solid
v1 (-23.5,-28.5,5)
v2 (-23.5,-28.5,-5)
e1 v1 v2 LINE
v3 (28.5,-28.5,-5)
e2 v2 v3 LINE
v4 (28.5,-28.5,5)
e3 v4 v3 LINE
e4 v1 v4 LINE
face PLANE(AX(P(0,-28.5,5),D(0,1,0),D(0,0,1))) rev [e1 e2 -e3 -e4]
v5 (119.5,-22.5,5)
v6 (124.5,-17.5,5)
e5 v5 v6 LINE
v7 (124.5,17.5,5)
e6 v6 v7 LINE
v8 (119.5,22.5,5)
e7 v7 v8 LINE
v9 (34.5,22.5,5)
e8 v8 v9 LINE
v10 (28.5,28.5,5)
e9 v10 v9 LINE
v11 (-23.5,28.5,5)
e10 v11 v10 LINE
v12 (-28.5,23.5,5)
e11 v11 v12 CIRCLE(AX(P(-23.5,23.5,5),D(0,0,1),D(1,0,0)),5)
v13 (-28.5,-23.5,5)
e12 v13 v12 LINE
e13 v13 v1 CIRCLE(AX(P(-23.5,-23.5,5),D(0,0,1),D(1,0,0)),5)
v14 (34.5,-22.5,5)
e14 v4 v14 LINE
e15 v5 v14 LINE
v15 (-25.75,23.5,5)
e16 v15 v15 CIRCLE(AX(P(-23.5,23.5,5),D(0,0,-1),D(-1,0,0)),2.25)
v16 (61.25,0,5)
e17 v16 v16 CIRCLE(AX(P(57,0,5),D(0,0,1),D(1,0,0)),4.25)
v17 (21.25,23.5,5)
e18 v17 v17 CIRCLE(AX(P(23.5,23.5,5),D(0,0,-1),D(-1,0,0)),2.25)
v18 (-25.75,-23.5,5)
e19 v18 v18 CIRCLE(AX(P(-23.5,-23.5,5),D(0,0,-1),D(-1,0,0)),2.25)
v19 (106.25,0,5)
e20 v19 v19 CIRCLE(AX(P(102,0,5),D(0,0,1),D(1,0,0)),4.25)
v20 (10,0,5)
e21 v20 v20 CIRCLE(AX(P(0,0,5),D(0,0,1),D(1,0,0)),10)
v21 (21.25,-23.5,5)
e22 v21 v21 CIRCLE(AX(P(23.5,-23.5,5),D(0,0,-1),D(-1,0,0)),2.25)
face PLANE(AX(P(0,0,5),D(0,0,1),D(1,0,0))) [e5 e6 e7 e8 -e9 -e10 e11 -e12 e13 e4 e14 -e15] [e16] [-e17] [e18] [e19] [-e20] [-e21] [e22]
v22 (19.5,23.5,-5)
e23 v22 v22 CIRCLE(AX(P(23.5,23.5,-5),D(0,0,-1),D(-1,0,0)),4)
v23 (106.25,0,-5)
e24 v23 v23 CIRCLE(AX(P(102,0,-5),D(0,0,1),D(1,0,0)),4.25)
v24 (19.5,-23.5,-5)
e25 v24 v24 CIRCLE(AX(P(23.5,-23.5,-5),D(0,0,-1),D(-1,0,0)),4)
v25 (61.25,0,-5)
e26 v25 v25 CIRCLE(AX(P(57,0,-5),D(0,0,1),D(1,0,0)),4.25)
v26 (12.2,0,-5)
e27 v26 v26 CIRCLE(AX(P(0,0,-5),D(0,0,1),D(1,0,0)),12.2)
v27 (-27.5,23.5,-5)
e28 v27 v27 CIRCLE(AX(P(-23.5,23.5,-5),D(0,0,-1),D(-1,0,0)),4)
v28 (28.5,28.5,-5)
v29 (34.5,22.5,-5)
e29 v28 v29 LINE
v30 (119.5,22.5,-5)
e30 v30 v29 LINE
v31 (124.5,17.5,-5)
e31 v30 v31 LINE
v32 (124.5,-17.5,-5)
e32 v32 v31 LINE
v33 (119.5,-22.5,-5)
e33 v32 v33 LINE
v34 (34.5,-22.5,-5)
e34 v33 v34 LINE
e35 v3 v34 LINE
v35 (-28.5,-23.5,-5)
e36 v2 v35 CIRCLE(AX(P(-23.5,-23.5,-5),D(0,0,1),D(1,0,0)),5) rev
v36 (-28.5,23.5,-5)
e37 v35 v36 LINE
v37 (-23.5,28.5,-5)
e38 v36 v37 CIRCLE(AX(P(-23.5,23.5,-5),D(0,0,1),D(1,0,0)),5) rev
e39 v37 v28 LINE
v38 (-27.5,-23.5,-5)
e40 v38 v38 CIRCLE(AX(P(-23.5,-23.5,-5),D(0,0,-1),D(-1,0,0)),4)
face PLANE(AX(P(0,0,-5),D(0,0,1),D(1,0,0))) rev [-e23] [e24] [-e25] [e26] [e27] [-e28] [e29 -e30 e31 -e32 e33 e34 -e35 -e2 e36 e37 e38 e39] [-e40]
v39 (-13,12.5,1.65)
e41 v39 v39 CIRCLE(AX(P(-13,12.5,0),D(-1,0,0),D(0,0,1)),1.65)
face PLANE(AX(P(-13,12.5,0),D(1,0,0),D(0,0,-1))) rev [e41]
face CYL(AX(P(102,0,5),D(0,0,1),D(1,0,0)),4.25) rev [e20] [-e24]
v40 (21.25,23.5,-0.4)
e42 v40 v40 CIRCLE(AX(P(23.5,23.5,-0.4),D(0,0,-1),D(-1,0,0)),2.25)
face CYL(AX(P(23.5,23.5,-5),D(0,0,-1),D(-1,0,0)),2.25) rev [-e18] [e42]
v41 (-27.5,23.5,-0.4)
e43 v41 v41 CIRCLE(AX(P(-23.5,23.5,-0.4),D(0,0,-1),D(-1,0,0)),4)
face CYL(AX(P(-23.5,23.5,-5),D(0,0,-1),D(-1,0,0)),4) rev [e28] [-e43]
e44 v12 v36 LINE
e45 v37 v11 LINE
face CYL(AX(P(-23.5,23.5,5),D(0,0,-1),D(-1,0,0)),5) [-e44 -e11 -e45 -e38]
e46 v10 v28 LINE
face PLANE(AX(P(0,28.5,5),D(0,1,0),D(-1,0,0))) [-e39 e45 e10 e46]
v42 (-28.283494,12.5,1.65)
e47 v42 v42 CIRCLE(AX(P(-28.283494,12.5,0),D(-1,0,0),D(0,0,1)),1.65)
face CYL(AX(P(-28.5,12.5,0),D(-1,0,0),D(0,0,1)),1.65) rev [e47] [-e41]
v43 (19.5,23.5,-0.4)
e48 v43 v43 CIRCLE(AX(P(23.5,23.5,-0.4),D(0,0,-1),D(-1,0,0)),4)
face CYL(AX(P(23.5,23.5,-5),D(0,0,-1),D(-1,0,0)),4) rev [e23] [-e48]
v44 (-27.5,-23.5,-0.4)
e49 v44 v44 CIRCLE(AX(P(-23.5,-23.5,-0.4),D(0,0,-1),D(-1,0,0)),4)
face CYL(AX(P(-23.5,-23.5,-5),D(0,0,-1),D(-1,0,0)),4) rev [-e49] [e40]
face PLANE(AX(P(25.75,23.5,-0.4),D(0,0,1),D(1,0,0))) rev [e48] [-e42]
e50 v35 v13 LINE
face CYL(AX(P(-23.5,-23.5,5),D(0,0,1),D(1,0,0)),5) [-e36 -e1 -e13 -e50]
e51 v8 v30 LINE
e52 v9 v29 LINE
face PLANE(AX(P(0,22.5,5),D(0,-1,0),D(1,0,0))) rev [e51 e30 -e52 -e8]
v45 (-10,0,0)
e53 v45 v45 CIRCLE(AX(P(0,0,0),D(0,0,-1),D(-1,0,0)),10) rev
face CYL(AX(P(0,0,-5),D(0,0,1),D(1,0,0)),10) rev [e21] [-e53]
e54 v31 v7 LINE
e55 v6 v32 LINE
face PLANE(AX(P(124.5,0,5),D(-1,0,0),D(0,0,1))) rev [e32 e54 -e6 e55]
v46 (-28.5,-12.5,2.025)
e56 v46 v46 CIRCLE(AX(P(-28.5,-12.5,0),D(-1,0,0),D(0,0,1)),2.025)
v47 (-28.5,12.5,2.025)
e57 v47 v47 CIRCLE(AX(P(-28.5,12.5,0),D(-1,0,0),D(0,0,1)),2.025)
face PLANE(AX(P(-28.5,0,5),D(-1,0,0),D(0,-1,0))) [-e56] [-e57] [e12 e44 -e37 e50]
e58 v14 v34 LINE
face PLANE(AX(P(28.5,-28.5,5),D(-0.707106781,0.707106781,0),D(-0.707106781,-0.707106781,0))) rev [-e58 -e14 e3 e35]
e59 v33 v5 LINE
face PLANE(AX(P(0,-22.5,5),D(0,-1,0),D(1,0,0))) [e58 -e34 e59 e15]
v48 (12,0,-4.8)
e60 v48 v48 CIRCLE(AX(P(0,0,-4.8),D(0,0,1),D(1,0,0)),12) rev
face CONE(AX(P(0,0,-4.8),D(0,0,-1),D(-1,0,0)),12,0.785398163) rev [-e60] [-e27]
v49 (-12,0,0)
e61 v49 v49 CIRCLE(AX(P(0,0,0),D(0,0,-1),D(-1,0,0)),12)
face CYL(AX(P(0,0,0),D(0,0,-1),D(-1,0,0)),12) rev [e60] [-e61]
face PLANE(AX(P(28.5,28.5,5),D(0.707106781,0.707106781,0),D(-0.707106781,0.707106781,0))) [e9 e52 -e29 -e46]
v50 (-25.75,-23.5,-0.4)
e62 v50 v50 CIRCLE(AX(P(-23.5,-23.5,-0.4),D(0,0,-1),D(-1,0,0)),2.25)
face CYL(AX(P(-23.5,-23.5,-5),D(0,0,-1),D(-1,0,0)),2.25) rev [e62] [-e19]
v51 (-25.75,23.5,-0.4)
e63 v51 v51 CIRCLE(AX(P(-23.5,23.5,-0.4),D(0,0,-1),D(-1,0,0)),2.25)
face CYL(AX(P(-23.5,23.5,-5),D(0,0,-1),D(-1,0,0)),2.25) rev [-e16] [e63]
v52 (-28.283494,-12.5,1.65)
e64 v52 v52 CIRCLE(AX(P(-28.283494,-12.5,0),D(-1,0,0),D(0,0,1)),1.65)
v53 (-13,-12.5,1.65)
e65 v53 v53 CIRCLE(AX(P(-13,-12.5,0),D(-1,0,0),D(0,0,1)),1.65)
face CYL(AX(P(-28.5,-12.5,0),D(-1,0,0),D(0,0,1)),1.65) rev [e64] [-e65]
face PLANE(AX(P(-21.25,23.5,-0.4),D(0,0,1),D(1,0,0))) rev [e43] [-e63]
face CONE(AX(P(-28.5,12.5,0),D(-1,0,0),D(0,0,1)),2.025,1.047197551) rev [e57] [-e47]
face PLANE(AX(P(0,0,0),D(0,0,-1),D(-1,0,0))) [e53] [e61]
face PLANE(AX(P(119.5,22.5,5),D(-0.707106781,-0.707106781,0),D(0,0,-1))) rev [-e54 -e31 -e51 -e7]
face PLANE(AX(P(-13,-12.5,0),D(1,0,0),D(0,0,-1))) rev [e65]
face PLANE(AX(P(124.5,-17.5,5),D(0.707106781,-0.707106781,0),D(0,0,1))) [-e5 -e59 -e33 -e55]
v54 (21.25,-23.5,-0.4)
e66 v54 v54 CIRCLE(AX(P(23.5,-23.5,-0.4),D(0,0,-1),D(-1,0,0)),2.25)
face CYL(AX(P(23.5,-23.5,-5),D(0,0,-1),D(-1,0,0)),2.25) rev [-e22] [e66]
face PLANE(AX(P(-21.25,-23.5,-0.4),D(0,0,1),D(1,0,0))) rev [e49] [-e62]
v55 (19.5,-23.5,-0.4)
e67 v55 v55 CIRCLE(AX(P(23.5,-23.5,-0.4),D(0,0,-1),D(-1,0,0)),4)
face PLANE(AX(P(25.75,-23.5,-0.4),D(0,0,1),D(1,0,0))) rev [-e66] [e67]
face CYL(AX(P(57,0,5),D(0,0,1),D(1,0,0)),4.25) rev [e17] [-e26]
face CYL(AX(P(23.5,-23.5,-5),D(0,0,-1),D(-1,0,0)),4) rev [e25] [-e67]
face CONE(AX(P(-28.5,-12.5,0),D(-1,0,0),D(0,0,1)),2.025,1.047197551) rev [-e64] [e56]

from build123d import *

# Parameters (mm, degrees)
EXTRUDE_1_DEPTH              = 5
SKETCH_6_R                   = 10
CUT_EXTRUDE_1513_DEPTH       = 10
SKETCH_19_R                  = 12
CUT_EXTRUDE_1929_DEPTH       = 5
HOLE_WIZARD_8_5_8_5_1_D      = 8.5
HOLE_WIZARD_1_D              = 4.5
HOLE_WIZARD_1_CBORE_D        = 8
HOLE_WIZARD_1_CBORE_DEPTH    = 4.6
FILLET_1_R                   = 5
CHAMFER_1_SIZE               = 5
CHAMFER_2_SIZE               = 0.2
HOLE_WIZARD_M4_1_D           = 3.3
HOLE_WIZARD_M4_1_DEPTH       = 15.5
HOLE_WIZARD_M4_1_CSINK_D     = 4.05
HOLE_WIZARD_M4_1_CSINK_ANGLE = 120


with BuildPart() as part:
    # 草图1 → 凸台-拉伸1 (new body, symmetric)
    with BuildSketch(Plane.XY):
        Polygon((28.5, 28.5), (-28.5, 28.5), (-28.5, -28.5), (28.5, -28.5), (34.5, -22.5), (124.5, -22.5), (124.5, 22.5), (34.5, 22.5), align=None)
    extrude(amount=EXTRUDE_1_DEPTH, both=True)

    # 草图6 → Cut-Extrude 1513 (cut)
    with BuildSketch(Plane.XY.offset(5)):
        Circle(SKETCH_6_R)
    extrude(amount=-CUT_EXTRUDE_1513_DEPTH, mode=Mode.SUBTRACT)

    # 草图19 → Cut-Extrude 1929 (cut)
    with BuildSketch(Plane(origin=(0, 0, -5), x_dir=(-1, 0, 0), z_dir=(0, 0, -1))):
        Circle(SKETCH_19_R)
    extrude(amount=-CUT_EXTRUDE_1929_DEPTH, mode=Mode.SUBTRACT)

    # Ø8.5 (8.5) 直径孔1 (through all)
    with Locations(Plane.XY.offset(5)):
        with Locations((57, 0), (102, 0)):
            Hole(HOLE_WIZARD_8_5_8_5_1_D / 2)

    # 打孔尺寸(%根据)内六角圆柱头螺钉的类型1 (through all)
    with Locations(Plane(origin=(0, 0, -5), x_dir=(-1, 0, 0), z_dir=(0, 0, -1))):
        with Locations((-23.5, 23.5), (23.5, 23.5), (23.5, -23.5), (-23.5, -23.5)):
            CounterBoreHole(HOLE_WIZARD_1_D / 2, HOLE_WIZARD_1_CBORE_D / 2, HOLE_WIZARD_1_CBORE_DEPTH)

    # 圆角1
    fillet_1_edges = [part.edges().sort_by_distance(p)[0] for p in [
        (-28.5, -28.5, 0),
        (-28.5, 28.5, 0),
    ]]
    fillet(fillet_1_edges, radius=FILLET_1_R)

    # 倒角1
    chamfer_1_edges = [part.edges().sort_by_distance(p)[0] for p in [
        (124.5, 22.5, 0),
        (124.5, -22.5, 0),
    ]]
    chamfer(chamfer_1_edges, length=CHAMFER_1_SIZE)

    # 倒角2
    chamfer_2_edges = [part.edges().sort_by_distance(p)[0] for p in [
        (12, 0, -5),
    ]]
    chamfer(chamfer_2_edges, length=CHAMFER_2_SIZE)

    # M4 螺纹孔1
    with Locations(Plane.ZY.offset(28.5)):
        with Locations((0, 12.5), (0, -12.5)):
            CounterSinkHole(HOLE_WIZARD_M4_1_D / 2, HOLE_WIZARD_M4_1_CSINK_D / 2, depth=HOLE_WIZARD_M4_1_DEPTH, counter_sink_angle=HOLE_WIZARD_M4_1_CSINK_ANGLE)


solid = part.part
